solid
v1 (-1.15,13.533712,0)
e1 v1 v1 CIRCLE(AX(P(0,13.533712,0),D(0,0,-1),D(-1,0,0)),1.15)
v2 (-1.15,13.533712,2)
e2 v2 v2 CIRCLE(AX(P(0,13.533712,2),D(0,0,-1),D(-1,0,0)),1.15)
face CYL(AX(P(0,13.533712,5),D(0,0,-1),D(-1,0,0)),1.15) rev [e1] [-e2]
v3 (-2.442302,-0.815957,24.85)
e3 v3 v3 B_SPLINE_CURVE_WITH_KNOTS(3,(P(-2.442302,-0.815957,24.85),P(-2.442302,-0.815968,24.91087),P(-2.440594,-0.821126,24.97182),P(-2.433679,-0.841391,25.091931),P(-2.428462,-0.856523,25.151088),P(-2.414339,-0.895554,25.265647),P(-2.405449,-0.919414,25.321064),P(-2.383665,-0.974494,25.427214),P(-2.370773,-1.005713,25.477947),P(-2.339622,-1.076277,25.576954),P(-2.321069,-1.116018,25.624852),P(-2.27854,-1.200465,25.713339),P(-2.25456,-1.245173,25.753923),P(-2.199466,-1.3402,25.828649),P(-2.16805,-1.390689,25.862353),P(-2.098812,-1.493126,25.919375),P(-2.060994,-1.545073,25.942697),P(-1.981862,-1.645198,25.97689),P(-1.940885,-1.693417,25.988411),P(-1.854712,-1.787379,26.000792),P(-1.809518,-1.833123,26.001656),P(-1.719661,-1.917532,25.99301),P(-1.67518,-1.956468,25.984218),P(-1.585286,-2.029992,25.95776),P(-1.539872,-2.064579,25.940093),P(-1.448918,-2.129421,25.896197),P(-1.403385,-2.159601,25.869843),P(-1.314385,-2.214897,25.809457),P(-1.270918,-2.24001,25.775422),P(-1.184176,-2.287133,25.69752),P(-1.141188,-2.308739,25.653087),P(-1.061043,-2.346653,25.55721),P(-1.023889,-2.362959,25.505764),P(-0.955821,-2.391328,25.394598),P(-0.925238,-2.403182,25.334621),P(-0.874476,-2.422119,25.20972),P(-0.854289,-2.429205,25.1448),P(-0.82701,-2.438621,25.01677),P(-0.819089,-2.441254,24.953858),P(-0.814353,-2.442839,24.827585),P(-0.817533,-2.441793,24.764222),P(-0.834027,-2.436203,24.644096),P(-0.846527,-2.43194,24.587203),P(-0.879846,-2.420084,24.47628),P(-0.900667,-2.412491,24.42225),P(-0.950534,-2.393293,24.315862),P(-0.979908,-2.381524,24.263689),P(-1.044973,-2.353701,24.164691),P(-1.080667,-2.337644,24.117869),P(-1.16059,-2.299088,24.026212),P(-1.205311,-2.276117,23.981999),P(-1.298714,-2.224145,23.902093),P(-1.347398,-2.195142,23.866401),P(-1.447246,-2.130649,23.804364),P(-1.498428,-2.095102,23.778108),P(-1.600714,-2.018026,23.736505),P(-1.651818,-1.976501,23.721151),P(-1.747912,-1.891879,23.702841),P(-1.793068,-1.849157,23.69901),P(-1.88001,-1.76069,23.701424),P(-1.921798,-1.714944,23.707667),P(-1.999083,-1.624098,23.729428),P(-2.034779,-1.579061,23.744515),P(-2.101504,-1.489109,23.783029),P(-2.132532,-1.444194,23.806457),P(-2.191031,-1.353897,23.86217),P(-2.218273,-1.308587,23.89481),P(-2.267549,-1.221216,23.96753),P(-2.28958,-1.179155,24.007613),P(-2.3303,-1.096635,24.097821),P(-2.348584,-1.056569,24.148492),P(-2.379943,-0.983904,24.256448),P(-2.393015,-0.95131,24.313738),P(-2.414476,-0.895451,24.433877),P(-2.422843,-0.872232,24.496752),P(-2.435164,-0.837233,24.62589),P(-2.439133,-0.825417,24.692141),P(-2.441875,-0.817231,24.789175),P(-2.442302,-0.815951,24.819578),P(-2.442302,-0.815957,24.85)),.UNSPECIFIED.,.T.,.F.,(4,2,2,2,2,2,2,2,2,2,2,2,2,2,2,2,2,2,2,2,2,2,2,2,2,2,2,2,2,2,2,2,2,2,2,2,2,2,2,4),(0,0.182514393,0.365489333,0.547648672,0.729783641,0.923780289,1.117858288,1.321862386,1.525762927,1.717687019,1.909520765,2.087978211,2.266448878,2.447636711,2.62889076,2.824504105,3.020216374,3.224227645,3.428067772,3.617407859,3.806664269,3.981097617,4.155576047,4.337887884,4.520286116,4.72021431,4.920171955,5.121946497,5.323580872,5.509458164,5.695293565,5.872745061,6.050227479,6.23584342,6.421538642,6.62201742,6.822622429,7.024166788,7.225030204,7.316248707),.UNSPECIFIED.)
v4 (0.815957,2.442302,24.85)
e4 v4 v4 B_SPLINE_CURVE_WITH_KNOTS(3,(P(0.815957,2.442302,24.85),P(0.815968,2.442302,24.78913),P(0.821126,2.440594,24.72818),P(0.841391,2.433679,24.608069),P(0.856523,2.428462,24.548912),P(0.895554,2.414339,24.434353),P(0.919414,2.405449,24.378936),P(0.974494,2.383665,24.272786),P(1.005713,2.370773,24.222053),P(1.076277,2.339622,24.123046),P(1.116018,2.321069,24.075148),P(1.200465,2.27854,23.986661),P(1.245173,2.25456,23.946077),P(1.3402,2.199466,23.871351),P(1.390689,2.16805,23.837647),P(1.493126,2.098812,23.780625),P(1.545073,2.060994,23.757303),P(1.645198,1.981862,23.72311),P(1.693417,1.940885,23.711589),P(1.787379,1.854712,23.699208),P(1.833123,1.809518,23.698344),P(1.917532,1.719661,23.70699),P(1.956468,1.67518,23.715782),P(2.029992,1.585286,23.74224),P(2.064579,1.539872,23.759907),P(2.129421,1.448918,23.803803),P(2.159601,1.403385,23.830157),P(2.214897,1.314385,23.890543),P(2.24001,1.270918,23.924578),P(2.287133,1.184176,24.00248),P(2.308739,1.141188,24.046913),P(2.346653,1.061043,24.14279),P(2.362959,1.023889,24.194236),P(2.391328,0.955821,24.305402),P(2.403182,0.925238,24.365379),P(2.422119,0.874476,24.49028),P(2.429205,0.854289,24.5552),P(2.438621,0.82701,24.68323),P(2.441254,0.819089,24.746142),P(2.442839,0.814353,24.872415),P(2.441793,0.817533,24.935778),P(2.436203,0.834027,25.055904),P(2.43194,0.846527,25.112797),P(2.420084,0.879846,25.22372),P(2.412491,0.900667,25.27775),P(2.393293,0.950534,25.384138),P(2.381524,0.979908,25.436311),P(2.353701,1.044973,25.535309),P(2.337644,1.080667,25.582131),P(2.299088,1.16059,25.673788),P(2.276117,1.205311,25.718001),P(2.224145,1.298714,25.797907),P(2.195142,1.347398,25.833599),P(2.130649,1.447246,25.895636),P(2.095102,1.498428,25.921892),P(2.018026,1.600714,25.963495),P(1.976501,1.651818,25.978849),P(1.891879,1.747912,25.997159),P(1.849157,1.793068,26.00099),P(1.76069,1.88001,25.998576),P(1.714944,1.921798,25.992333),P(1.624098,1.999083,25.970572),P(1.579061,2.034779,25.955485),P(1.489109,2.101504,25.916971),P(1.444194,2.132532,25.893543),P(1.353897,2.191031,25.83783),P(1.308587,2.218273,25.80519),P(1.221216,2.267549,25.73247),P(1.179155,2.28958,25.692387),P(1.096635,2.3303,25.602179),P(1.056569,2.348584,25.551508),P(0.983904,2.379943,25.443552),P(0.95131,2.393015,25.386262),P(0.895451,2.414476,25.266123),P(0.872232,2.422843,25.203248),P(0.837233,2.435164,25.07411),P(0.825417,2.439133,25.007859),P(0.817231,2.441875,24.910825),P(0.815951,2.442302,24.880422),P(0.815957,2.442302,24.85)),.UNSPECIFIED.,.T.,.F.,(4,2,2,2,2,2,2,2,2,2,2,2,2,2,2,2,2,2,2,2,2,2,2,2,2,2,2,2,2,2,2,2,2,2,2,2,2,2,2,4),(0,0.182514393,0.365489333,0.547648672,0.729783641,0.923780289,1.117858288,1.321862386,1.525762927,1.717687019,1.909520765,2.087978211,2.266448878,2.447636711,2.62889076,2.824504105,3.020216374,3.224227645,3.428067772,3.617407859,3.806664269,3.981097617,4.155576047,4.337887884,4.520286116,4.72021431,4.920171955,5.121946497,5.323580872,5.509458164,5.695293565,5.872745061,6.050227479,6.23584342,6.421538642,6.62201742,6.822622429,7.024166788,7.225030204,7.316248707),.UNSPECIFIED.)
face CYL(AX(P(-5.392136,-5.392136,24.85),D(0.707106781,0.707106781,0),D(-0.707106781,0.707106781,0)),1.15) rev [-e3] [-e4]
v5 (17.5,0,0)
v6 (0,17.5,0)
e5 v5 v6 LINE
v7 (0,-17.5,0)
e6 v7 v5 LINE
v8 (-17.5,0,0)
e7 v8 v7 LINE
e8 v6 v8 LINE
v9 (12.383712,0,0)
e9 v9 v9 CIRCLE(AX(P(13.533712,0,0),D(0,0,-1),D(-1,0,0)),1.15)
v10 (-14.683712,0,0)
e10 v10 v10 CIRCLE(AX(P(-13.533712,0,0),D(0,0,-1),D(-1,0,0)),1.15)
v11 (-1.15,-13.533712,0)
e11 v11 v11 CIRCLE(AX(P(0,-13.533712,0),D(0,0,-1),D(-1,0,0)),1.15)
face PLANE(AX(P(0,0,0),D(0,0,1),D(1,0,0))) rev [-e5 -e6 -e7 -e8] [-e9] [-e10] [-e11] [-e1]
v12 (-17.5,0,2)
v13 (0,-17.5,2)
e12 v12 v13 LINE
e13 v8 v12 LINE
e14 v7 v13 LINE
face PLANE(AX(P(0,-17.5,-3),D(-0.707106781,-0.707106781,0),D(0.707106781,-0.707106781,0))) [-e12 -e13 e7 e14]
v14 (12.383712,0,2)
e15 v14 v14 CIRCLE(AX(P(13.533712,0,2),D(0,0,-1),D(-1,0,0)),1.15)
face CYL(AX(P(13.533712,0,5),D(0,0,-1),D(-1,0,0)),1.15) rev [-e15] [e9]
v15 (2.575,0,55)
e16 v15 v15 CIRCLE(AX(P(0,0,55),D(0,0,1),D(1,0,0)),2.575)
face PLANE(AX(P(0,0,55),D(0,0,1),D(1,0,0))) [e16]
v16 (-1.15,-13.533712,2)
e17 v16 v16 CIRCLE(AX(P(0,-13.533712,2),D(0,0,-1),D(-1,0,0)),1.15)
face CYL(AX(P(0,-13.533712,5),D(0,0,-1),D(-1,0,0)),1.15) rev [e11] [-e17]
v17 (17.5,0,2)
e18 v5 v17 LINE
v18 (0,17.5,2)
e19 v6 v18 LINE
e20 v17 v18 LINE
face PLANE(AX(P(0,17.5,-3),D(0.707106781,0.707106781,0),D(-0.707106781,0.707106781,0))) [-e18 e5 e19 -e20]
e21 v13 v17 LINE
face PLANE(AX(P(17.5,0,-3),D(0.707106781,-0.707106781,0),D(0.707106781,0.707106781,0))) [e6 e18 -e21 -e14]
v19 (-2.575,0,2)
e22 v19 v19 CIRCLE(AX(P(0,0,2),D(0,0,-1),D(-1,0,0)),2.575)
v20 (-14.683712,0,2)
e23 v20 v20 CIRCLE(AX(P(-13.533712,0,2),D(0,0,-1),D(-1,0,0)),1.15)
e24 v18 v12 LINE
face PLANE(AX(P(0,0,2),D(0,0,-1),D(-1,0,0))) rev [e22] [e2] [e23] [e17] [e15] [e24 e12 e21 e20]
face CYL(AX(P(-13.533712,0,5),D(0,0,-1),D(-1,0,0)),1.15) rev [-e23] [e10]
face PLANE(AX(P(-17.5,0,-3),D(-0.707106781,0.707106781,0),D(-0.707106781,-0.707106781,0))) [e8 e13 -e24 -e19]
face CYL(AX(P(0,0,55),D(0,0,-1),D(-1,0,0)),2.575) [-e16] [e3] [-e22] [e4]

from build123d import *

# Parameters (mm, degrees)
SKETCH_1_R          = 2.575
EXTRUDE_1_DEPTH     = 55
SKETCH_2_W          = 35
SKETCH_2_H          = 35
EXTRUDE_2_DEPTH     = 2
SKETCH_8_R          = 1.15
CUT_EXTRUDE_5_DEPTH = 5
SKETCH_10_OUTSIDE_W = 51.798
SKETCH_10_OUTSIDE_H = 51.798
CUT_EXTRUDE_6_DEPTH = 5
SKETCH_14_R         = 1.15
CUT_EXTRUDE_7_DEPTH = 20


with BuildPart() as part:
    # 스케치1 → 보스-돌출1 (new body)
    with BuildSketch(Plane.XY):
        Circle(SKETCH_1_R)
    extrude(amount=EXTRUDE_1_DEPTH)

    # 스케치2 → 보스-돌출2 (add)
    with BuildSketch(Plane(origin=(0, 0, 0), x_dir=(-1, 0, 0), z_dir=(0, 0, -1))):
        Rectangle(SKETCH_2_W, SKETCH_2_H)
    extrude(amount=-EXTRUDE_2_DEPTH)

    # 스케치8 → 컷-돌출5 (cut)
    with BuildSketch(Plane(origin=(0, 0, 0), x_dir=(-1, 0, 0), z_dir=(0, 0, -1))):
        with Locations((13.533711803, 0)):
            Circle(SKETCH_8_R)
        with Locations((0, -13.533711803)):
            Circle(SKETCH_8_R)
        with Locations((-13.533711803, 0)):
            Circle(SKETCH_8_R)
        with Locations((0, 13.533711803)):
            Circle(SKETCH_8_R)
    extrude(amount=-CUT_EXTRUDE_5_DEPTH, mode=Mode.SUBTRACT)

    # 스케치10 outside → 컷-돌출6 (cut)
    with BuildSketch(Plane.XY.offset(2)):
        Rectangle(SKETCH_10_OUTSIDE_W, SKETCH_10_OUTSIDE_H)
        Polygon((-17.5, 0), (0, 17.5), (17.5, 0), (0, -17.5), align=None, mode=Mode.SUBTRACT)
    extrude(amount=-CUT_EXTRUDE_6_DEPTH, mode=Mode.SUBTRACT)

    # 스케치14 → 컷-돌출7 (cut)
    with BuildSketch(Plane(origin=(8.75, 8.75, 0), x_dir=(0.7071067811865475, -0.7071067811865477, 0), z_dir=(0.7071067811865477, 0.7071067811865475, 0))):
        with Locations(Location((0, -24.85, 0), (0, 0, 180))):
            Circle(SKETCH_14_R)
    extrude(amount=-CUT_EXTRUDE_7_DEPTH, mode=Mode.SUBTRACT)


solid = part.part
